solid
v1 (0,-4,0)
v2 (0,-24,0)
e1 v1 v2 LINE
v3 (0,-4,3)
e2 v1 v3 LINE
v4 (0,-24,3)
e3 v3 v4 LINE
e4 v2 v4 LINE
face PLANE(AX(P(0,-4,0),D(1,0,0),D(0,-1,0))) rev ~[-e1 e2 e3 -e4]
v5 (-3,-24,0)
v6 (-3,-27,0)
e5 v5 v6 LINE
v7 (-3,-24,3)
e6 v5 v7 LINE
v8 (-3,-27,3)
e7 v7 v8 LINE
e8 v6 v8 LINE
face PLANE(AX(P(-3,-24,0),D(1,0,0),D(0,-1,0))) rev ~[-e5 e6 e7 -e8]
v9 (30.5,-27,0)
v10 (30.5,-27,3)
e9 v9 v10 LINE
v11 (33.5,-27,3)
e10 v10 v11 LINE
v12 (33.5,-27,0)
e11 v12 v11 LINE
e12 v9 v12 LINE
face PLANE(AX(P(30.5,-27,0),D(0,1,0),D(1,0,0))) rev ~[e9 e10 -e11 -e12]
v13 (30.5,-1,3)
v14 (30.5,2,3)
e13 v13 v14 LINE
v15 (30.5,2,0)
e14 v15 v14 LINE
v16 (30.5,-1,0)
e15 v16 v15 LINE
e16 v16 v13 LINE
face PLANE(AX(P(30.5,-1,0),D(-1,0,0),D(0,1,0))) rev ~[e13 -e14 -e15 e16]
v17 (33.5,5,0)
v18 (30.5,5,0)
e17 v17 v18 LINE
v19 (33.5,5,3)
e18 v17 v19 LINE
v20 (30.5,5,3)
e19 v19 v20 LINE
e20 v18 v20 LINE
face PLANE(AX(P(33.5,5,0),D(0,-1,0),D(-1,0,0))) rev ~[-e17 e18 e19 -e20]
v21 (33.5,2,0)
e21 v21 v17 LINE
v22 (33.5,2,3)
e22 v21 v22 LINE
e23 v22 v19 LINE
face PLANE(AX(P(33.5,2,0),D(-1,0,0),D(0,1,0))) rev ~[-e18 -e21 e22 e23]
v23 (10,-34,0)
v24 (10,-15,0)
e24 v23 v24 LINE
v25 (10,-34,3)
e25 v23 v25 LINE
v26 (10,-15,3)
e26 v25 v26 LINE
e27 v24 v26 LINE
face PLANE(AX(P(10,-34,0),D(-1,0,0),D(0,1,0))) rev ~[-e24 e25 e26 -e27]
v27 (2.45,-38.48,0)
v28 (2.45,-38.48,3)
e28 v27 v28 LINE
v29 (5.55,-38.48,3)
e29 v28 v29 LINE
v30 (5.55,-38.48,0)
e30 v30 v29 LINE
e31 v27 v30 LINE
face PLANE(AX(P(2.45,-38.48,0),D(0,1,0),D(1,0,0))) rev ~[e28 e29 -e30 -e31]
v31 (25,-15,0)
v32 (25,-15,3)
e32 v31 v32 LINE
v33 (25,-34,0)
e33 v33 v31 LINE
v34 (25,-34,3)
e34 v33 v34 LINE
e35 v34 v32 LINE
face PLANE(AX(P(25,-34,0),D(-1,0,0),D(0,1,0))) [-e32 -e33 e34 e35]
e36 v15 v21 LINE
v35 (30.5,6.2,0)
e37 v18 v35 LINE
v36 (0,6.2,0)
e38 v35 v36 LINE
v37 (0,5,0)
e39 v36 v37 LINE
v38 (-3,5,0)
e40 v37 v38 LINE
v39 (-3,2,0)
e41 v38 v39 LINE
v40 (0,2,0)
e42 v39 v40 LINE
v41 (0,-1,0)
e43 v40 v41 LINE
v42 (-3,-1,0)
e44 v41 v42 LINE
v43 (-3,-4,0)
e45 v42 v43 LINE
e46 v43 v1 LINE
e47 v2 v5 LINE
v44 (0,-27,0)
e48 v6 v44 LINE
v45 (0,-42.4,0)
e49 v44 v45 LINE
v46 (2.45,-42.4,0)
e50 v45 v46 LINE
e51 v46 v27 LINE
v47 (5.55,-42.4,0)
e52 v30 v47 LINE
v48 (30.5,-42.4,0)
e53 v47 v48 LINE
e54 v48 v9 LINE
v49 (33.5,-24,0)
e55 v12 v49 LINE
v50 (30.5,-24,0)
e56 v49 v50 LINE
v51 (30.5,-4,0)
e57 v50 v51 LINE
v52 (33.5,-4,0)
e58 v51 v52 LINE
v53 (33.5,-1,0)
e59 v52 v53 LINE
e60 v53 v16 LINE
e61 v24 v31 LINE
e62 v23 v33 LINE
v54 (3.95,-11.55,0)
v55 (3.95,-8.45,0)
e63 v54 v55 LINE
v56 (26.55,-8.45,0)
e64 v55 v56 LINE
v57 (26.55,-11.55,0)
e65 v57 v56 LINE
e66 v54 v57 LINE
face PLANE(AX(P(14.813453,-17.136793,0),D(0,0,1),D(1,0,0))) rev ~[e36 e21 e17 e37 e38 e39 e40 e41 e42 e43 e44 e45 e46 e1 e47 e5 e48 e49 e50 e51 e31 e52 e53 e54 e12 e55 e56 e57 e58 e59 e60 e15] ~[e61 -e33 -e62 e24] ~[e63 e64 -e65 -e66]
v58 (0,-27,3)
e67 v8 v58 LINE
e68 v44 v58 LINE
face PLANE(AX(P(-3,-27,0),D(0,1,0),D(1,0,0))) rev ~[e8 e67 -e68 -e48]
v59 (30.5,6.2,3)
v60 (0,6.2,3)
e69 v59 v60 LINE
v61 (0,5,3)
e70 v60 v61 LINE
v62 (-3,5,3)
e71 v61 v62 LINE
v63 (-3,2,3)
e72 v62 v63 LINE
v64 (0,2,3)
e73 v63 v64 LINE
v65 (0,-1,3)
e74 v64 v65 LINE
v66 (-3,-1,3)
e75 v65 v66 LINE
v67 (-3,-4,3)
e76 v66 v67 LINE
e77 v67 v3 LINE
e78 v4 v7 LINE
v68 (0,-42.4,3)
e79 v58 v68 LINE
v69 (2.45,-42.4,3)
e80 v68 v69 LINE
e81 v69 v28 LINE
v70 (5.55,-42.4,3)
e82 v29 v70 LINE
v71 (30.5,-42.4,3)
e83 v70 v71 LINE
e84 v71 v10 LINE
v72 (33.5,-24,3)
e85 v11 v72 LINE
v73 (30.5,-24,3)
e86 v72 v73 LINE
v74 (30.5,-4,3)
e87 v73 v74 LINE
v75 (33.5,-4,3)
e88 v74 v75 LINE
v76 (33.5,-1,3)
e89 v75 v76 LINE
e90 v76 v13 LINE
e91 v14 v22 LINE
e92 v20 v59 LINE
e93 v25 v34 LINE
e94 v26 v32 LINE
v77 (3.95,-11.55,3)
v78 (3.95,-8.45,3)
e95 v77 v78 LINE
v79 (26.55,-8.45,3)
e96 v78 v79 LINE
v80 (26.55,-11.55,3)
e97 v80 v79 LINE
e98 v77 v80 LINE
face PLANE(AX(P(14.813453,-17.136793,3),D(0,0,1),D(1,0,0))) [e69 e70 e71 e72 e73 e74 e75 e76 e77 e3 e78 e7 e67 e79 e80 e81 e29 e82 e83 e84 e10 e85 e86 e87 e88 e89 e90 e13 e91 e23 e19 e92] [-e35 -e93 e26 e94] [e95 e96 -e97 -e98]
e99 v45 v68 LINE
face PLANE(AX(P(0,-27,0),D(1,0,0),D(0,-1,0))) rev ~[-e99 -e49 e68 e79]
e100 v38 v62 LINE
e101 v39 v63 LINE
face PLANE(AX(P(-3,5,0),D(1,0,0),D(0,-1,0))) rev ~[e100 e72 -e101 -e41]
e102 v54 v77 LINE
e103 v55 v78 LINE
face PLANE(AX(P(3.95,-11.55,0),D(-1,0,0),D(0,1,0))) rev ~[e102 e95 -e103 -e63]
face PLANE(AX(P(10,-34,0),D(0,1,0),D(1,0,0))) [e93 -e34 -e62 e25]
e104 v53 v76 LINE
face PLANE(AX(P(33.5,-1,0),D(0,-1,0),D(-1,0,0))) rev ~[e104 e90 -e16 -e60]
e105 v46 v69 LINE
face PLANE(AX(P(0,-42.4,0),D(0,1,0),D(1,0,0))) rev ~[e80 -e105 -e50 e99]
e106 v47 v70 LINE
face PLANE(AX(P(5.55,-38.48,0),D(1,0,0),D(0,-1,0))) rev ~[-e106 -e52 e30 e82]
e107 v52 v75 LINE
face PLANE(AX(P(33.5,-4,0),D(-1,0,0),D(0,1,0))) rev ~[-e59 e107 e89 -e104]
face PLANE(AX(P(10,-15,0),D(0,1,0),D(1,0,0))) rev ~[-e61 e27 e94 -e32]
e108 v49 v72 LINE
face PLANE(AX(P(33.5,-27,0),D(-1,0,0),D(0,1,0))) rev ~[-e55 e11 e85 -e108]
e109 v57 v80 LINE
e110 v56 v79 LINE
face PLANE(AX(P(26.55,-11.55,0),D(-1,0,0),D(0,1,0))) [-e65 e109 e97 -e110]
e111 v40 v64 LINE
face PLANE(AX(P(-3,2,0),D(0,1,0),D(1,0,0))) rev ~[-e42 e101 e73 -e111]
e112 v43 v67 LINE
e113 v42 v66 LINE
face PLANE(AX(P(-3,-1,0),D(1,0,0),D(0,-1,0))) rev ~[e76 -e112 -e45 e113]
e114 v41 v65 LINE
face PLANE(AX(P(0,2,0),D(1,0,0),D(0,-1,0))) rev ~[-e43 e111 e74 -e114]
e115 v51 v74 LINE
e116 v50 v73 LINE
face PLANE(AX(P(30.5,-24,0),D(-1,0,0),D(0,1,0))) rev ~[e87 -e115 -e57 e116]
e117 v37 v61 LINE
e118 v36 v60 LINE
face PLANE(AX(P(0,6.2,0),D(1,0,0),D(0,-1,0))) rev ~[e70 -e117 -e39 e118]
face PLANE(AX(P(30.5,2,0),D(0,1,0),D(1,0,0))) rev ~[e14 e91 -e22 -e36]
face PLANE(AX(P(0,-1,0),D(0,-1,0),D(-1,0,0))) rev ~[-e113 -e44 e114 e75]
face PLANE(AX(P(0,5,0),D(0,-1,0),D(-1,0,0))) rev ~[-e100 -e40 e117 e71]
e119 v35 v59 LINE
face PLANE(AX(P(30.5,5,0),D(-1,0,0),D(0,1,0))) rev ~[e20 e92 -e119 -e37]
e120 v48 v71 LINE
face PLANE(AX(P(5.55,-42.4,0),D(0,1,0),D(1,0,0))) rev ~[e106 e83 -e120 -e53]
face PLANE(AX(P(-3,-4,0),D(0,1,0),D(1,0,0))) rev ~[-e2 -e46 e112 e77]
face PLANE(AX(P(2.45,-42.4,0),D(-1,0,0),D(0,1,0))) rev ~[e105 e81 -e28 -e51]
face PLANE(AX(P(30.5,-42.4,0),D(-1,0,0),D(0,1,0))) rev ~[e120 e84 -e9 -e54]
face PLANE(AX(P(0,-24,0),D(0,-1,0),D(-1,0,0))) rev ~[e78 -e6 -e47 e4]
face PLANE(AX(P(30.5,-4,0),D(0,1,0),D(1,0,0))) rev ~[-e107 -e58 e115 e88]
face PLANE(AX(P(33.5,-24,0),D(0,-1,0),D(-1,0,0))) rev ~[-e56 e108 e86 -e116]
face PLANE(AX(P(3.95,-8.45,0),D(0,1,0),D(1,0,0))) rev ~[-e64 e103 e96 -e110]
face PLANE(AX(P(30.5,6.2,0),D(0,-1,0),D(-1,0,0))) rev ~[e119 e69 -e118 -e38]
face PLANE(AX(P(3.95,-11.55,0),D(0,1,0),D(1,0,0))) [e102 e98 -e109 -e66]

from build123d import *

# Parameters (mm, degrees)
PROFILE_LASER_PROFILE_3MM_W   = 22.6
PROFILE_LASER_PROFILE_3MM_H   = 3.1
PROFILE_LASER_PROFILE_3MM_W_2 = 15
PROFILE_LASER_PROFILE_3MM_H_2 = 19
LASER_PROFILE_3MM_DEPTH       = 3


with BuildPart() as part:
    # Profile_Laser_profile_3mm → Laser_profile_3mm (new body)
    with BuildSketch(Plane.XY):
        Polygon((0, -42.4), (2.45, -42.4), (2.45, -38.48), (5.55, -38.48), (5.55, -42.4), (30.5, -42.4), (30.5, -27), (33.5, -27), (33.5, -24), (30.5, -24), (30.5, -4), (33.5, -4), (33.5, -1), (30.5, -1), (30.5, 2), (33.5, 2), (33.5, 5), (30.5, 5), (30.5, 6.2), (0, 6.2), (0, 5), (-3, 5), (-3, 2), (0, 2), (0, -1), (-3, -1), (-3, -4), (0, -4), (0, -24), (-3, -24), (-3, -27), (0, -27), align=None)
        with Locations((15.25, -10)):
            Rectangle(PROFILE_LASER_PROFILE_3MM_W, PROFILE_LASER_PROFILE_3MM_H, mode=Mode.SUBTRACT)
        with Locations((17.5, -24.5)):
            Rectangle(PROFILE_LASER_PROFILE_3MM_W_2, PROFILE_LASER_PROFILE_3MM_H_2, mode=Mode.SUBTRACT)
    extrude(amount=LASER_PROFILE_3MM_DEPTH)


solid = part.part
